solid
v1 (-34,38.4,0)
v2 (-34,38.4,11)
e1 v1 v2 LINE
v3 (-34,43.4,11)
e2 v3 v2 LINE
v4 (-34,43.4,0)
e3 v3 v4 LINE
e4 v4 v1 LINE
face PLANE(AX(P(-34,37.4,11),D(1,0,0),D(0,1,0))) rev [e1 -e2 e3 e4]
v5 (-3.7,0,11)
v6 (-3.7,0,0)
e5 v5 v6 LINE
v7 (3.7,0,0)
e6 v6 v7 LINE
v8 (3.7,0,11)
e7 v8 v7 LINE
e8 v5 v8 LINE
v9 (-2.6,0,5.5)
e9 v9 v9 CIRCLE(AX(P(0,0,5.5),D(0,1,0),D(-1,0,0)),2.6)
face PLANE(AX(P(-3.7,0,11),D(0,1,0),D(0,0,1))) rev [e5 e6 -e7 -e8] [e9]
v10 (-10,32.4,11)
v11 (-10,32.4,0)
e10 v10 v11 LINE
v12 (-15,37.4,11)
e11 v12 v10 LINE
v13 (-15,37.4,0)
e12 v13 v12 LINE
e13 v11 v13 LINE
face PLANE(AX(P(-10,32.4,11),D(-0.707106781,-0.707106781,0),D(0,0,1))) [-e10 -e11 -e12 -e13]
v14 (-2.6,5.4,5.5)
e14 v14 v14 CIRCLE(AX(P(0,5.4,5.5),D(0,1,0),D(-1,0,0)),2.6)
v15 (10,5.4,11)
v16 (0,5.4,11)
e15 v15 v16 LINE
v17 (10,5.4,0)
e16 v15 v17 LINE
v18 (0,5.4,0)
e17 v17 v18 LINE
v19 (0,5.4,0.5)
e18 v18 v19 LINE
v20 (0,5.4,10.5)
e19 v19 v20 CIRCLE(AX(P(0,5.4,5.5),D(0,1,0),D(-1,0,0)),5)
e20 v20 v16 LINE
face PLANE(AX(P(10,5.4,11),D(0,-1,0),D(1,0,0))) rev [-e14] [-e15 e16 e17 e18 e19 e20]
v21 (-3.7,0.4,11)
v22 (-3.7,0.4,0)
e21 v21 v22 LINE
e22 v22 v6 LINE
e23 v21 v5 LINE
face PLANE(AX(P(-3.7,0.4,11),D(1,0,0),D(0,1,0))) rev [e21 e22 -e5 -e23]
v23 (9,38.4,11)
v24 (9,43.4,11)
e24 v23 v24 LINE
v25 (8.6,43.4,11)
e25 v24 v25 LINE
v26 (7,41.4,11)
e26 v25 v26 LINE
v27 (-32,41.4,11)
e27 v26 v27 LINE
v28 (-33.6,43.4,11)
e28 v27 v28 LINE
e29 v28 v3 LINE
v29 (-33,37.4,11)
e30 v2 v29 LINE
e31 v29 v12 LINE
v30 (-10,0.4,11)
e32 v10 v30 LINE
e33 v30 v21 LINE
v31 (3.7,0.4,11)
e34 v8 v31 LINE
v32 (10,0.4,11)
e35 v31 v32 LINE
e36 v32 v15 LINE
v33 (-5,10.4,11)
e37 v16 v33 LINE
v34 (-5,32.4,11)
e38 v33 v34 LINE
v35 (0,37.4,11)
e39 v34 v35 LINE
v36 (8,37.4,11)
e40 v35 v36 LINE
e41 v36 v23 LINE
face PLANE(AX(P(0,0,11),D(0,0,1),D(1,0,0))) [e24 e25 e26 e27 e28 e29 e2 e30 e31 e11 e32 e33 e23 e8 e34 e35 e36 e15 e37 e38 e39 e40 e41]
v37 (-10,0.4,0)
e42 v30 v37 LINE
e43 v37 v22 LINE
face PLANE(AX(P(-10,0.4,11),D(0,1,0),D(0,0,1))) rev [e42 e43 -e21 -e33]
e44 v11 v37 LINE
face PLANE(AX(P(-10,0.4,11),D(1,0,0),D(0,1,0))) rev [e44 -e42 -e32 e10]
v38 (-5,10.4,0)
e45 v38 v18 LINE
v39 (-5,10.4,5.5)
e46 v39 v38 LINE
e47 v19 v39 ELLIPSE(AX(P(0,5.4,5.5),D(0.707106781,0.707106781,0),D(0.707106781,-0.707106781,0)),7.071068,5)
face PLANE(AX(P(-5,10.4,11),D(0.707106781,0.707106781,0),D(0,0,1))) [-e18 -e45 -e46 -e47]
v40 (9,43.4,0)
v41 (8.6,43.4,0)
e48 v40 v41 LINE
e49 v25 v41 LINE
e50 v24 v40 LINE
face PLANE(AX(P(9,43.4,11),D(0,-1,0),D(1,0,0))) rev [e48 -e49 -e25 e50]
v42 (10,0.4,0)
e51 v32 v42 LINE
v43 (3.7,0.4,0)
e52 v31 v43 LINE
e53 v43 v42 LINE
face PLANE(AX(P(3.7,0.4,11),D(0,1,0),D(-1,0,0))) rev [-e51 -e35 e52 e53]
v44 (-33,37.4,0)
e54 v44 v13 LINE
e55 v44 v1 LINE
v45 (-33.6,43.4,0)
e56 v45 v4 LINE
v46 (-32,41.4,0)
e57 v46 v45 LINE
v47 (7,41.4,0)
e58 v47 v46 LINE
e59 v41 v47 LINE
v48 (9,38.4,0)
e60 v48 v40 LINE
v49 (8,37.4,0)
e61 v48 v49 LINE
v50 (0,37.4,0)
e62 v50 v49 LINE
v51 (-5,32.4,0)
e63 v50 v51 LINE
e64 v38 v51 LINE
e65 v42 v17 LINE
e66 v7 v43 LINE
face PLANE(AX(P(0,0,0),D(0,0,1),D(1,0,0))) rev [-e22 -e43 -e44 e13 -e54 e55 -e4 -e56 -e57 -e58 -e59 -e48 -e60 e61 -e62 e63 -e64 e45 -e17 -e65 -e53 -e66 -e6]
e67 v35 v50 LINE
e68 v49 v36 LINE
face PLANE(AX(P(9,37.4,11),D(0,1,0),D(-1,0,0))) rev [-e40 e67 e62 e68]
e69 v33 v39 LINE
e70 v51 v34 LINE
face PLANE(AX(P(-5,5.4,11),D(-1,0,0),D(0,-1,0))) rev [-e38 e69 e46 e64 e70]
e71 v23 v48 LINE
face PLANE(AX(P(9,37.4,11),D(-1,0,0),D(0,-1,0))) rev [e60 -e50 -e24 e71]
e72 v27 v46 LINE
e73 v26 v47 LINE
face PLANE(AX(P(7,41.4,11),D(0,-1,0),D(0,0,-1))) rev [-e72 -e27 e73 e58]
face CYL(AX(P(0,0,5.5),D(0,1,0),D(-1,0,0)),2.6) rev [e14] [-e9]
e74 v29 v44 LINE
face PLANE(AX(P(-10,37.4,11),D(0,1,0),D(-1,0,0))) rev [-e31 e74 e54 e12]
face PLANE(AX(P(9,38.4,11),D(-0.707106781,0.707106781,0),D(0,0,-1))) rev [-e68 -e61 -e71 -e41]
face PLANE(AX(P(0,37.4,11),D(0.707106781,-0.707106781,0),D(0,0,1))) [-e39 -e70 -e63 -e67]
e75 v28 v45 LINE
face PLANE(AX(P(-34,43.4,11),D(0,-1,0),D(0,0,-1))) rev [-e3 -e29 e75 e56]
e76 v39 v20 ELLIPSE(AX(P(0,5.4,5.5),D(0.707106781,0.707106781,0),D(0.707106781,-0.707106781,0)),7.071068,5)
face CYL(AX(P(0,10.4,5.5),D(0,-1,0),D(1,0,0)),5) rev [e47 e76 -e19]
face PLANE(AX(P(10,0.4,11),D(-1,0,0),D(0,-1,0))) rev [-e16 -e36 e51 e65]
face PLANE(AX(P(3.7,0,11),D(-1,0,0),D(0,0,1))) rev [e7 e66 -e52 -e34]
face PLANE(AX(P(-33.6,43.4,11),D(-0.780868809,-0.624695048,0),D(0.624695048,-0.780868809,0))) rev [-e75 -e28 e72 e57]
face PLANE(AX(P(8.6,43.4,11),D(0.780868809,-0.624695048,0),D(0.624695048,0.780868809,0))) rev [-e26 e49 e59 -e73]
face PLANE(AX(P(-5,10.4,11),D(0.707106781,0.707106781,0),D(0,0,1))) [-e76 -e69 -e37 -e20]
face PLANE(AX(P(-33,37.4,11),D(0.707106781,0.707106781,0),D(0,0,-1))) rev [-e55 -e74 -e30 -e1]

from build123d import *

# Parameters (mm, degrees)
EXTRUDE_1_DEPTH     = 11
CHAMFER_2_SIZE      = 5
CHAMFER_3_SIZE      = 1
SKETCH_2_R          = 2.6
CUT_EXTRUDE_1_DEPTH = 53.163205423
SKETCH_3_R          = 5
CUT_EXTRUDE_2_DEPTH = 5


with BuildPart() as part:
    # Эскиз1 → Бобышка-Вытянуть1 (new body)
    with BuildSketch(Plane.XY):
        Polygon((-10, 0.4), (-3.7, 0.4), (-3.7, 0), (3.7, 0), (3.7, 0.4), (10, 0.4), (10, 5.4), (-5, 5.4), (-5, 37.4), (9, 37.4), (9, 43.4), (8.6, 43.4), (7, 41.4), (-32, 41.4), (-33.6, 43.4), (-34, 43.4), (-34, 37.4), (-10, 37.4), align=None)
    extrude(amount=EXTRUDE_1_DEPTH)

    # Фаска2
    chamfer_2_edges = [part.edges().sort_by_distance(p)[0] for p in [
        (-10, 37.4, 5.5),
        (-5, 37.4, 5.5),
        (-5, 5.4, 5.5),
    ]]
    chamfer(chamfer_2_edges, length=CHAMFER_2_SIZE)

    # Фаска3
    chamfer_3_edges = [part.edges().sort_by_distance(p)[0] for p in [
        (-34, 37.4, 5.5),
        (9, 37.4, 5.5),
    ]]
    chamfer(chamfer_3_edges, length=CHAMFER_3_SIZE)

    # Эскиз2 → Вырез-Вытянуть1 (cut, through all)
    with BuildSketch(Plane(origin=(0, 5.4, 0), x_dir=(1, 0, 0), z_dir=(0, 1, 0))):
        with Locations(Location((0, -5.5, 0), (0, 0, 180))):
            Circle(SKETCH_2_R)
    extrude(amount=-CUT_EXTRUDE_1_DEPTH, mode=Mode.SUBTRACT)

    # Эскиз3 → Вырез-Вытянуть2 (cut)
    with BuildSketch(Plane(origin=(0, 5.4, 0), x_dir=(1, 0, 0), z_dir=(0, 1, 0))):
        with Locations((0, -5.5)):
            Circle(SKETCH_3_R)
    extrude(amount=CUT_EXTRUDE_2_DEPTH, mode=Mode.SUBTRACT)


solid = part.part
